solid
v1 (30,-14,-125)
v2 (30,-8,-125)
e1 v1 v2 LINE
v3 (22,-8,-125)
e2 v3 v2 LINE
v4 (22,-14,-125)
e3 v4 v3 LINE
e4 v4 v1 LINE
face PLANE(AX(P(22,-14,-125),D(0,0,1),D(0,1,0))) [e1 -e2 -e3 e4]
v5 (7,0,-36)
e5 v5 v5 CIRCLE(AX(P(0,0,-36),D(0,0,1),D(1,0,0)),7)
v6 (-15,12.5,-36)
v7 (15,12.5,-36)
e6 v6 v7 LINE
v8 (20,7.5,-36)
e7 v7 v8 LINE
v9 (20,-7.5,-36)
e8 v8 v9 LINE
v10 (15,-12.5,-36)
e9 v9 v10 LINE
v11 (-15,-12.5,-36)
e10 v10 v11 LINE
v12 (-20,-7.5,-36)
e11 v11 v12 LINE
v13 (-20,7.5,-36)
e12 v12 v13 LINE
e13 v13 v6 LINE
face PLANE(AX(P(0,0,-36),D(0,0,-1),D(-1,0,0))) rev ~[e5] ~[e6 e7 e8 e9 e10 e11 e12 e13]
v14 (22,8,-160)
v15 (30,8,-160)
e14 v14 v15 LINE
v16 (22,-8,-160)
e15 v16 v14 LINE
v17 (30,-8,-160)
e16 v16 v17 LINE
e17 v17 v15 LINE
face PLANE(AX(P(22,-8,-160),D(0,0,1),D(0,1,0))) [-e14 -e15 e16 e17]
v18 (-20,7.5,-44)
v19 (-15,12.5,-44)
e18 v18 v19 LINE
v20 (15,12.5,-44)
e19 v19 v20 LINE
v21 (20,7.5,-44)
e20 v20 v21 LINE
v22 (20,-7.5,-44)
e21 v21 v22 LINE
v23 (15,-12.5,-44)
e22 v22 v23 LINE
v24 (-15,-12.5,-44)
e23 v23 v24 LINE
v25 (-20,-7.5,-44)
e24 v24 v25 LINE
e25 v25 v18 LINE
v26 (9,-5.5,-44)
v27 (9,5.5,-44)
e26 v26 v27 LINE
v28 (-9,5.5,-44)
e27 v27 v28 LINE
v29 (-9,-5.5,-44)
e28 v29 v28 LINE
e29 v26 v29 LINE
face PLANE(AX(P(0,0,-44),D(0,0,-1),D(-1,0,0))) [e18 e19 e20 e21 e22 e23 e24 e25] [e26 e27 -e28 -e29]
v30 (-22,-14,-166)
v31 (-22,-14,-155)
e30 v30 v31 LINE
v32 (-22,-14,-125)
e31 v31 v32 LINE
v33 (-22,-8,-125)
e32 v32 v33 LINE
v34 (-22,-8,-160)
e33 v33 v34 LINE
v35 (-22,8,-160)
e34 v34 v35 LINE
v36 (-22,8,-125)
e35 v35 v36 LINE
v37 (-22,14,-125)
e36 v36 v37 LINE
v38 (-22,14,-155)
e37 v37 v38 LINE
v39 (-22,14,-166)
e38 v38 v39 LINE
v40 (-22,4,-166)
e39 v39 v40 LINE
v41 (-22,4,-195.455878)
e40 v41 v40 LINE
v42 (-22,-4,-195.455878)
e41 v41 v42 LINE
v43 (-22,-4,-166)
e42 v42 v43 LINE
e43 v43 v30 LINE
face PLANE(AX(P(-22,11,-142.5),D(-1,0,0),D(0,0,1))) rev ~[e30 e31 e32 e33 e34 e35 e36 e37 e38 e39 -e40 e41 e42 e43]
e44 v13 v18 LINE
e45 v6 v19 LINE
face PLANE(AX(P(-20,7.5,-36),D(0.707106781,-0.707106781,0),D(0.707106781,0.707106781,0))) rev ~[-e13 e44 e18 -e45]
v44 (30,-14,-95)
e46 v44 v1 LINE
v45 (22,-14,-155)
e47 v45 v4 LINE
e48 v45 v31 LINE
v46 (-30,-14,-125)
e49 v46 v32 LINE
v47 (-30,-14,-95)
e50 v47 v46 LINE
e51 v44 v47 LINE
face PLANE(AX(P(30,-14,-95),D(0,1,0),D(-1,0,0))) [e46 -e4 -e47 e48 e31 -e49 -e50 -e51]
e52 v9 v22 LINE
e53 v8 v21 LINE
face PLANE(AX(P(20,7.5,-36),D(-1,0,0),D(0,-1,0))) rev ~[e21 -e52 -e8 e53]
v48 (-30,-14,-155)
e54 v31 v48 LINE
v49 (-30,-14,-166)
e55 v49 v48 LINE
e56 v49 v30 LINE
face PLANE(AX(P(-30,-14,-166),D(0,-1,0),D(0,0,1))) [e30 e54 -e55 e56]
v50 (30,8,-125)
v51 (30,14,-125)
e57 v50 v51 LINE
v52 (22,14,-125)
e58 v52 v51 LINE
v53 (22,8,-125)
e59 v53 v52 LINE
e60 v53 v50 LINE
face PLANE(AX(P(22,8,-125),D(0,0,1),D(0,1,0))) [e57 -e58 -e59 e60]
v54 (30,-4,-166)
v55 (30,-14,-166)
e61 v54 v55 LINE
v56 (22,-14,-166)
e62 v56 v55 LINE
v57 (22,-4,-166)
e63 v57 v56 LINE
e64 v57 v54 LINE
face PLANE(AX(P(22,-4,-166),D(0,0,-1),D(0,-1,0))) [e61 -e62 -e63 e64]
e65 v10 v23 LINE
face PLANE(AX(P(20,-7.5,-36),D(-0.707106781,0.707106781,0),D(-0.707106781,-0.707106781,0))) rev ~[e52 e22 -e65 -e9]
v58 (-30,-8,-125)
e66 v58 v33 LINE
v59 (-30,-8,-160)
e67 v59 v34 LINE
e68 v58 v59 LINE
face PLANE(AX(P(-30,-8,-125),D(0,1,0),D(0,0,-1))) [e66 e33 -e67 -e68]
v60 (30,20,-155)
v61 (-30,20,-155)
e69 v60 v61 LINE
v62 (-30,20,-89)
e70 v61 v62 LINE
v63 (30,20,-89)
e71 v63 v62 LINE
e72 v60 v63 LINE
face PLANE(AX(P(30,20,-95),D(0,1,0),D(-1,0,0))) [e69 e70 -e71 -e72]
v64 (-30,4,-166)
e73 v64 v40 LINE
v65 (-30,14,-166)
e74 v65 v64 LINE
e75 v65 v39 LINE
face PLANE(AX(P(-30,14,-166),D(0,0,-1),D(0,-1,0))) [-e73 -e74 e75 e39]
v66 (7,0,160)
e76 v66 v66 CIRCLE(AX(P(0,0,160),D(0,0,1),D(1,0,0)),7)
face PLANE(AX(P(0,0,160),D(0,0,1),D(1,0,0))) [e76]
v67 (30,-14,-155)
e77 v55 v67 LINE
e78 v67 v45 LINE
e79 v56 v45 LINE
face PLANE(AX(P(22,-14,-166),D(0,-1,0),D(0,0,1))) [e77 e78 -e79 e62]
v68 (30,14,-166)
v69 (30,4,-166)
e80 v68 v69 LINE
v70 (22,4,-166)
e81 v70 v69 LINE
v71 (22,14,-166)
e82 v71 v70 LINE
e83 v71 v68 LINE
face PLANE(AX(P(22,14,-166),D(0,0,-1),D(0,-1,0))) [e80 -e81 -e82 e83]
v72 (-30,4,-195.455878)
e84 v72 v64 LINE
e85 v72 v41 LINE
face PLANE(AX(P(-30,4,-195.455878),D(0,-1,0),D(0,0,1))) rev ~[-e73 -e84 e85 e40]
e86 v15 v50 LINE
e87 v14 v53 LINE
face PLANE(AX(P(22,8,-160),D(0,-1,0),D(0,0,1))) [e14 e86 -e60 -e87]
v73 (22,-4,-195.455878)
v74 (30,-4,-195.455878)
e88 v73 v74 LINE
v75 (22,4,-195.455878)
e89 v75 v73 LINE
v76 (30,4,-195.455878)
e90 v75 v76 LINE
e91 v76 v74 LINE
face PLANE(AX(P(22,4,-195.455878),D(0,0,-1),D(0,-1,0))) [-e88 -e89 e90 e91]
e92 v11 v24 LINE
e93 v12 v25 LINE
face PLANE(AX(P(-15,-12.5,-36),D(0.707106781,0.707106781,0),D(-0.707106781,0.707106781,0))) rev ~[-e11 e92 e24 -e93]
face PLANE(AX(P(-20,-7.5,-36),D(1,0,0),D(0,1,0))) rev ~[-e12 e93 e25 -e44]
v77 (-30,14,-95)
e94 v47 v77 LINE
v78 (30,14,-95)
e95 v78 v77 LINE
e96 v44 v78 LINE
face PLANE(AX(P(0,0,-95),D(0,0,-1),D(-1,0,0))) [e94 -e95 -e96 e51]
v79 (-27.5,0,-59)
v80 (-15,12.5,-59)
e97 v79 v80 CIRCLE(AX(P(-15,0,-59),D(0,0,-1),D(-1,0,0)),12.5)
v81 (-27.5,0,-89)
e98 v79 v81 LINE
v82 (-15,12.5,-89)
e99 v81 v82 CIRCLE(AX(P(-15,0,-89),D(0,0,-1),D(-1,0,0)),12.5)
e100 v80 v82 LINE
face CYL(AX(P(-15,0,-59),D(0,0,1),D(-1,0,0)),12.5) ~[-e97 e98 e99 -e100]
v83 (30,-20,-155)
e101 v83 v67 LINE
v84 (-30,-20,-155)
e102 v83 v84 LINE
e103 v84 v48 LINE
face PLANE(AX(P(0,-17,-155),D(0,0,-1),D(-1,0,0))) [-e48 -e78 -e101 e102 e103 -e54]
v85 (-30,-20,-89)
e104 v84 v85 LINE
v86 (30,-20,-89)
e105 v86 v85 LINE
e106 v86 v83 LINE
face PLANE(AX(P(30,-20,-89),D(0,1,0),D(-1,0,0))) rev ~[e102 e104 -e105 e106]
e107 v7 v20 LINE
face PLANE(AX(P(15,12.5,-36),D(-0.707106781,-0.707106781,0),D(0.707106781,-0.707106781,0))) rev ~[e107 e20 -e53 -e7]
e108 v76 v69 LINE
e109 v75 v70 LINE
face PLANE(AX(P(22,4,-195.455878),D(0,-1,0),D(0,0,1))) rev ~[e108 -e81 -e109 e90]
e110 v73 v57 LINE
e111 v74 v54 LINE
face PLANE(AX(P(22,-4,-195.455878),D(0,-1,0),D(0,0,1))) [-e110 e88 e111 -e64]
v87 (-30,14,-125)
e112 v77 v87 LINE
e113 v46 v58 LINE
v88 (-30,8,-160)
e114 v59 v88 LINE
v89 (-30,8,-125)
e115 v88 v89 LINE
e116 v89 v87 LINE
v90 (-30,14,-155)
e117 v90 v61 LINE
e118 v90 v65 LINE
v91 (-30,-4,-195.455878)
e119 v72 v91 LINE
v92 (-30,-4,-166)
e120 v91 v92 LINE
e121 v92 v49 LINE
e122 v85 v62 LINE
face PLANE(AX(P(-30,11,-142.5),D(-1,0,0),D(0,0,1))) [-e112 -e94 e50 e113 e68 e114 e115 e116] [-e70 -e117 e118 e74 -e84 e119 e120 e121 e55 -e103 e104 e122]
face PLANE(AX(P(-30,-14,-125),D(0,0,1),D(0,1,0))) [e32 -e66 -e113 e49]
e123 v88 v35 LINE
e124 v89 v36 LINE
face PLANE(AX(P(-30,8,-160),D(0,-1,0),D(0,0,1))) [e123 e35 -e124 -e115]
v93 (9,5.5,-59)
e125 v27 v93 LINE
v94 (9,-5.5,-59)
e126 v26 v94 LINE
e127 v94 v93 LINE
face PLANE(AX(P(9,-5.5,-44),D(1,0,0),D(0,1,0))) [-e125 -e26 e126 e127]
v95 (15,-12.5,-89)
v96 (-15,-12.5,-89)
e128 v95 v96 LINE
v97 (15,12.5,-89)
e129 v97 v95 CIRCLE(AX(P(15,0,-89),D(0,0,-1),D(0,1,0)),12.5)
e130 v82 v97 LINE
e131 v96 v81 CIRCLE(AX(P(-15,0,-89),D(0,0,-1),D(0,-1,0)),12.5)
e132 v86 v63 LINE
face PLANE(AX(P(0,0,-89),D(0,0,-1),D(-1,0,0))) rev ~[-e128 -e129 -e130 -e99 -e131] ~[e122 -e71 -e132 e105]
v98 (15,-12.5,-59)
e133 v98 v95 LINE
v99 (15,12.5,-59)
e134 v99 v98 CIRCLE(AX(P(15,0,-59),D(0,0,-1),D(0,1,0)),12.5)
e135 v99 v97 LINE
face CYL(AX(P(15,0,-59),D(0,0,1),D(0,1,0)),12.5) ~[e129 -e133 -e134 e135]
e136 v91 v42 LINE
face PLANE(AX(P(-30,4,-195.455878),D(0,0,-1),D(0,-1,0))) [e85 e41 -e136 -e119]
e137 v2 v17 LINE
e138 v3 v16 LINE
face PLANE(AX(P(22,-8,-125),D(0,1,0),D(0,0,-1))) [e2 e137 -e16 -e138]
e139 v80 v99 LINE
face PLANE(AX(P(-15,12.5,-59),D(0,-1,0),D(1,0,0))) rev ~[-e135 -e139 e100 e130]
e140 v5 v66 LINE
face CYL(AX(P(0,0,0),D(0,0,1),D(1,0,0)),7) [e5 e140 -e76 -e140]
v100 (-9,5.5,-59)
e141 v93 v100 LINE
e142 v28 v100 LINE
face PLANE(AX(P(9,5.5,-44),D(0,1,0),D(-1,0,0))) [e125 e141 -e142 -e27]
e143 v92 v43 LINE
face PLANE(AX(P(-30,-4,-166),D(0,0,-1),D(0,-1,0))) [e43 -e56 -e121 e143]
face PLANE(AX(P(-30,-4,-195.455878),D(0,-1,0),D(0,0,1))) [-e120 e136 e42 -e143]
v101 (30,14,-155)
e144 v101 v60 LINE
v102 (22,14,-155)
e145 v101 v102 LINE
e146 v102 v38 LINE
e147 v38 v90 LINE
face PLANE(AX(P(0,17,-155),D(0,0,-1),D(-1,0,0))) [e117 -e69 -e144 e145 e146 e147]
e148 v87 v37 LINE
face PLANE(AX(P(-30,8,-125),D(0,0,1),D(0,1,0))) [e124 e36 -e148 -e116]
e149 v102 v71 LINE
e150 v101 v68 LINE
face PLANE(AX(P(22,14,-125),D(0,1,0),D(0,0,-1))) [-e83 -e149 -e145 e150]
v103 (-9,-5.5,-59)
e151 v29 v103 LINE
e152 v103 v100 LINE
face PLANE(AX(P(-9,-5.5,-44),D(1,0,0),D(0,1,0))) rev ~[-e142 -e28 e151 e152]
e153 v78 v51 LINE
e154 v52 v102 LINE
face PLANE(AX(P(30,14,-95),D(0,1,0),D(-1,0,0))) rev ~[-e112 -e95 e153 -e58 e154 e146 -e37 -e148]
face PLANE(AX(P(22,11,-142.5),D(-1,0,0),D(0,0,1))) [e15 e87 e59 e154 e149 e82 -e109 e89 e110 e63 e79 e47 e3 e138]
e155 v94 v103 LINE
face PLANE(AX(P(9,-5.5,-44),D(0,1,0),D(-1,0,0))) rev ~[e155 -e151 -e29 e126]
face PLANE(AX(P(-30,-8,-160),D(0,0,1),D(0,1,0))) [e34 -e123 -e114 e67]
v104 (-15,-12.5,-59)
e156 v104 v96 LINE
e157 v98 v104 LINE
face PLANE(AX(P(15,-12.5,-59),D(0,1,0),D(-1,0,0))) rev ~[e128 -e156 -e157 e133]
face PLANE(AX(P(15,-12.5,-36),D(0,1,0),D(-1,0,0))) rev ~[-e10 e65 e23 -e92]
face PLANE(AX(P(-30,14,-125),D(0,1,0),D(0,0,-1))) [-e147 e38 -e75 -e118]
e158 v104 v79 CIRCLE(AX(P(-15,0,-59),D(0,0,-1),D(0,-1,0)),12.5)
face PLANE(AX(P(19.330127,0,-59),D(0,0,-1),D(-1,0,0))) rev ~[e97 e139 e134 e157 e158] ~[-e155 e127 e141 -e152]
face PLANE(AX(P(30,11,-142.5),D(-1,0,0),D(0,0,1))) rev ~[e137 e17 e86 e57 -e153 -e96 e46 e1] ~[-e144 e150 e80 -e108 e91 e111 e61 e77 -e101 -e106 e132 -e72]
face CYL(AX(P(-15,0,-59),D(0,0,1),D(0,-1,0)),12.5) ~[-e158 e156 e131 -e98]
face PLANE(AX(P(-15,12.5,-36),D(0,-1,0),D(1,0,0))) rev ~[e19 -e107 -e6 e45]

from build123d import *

# Parameters (mm, degrees)
SKETCH_1_R             = 7
EXTRUDE_1_DEPTH        = 160
EXTRUDE_1_DEPTH_BACK   = 36
SKETCH_2_R             = 7
EXTRUDE_2_DEPTH        = 8
SKETCH_3_W             = 18
SKETCH_3_H             = 11
EXTRUDE_3_DEPTH        = 15
EXTRUDE_4_DEPTH        = 30
SKETCH_5_W             = 60
SKETCH_5_H             = 40
EXTRUDE_5_DEPTH        = 6
SKETCH_6_W             = 60
SKETCH_6_H             = 6
EXTRUDE_6_DEPTH        = 60
SKETCH_7_W             = 29.455878384
SKETCH_7_H             = 4
EXTRUDE_7_DEPTH        = 8
PATTERN_LINEAR_1_COUNT = 2
PATTERN_LINEAR_1_PITCH = 52


with BuildPart() as part:
    # 草图1 → 凸台-拉伸1 (new body, two sides)
    with BuildSketch(Plane.XY) as extrude_1_sk:
        Circle(SKETCH_1_R)
    extrude(amount=EXTRUDE_1_DEPTH)
    extrude(extrude_1_sk.sketch, amount=-EXTRUDE_1_DEPTH_BACK)

    # 草图2 → 凸台-拉伸2 (add)
    with BuildSketch(Plane(origin=(0, 0, -36), x_dir=(-1, 0, 0), z_dir=(0, 0, -1))):
        Polygon((20, 7.5), (15, 12.5), (-15, 12.5), (-20, 7.5), (-20, -7.5), (-15, -12.5), (15, -12.5), (20, -7.5), align=None)
        Circle(SKETCH_2_R, mode=Mode.SUBTRACT)
        Circle(SKETCH_2_R)
    extrude(amount=EXTRUDE_2_DEPTH)

    # 草图3 → 凸台-拉伸3 (add)
    with BuildSketch(Plane(origin=(0, 0, -44), x_dir=(-1, 0, 0), z_dir=(0, 0, -1))):
        Rectangle(SKETCH_3_W, SKETCH_3_H)
    extrude(amount=EXTRUDE_3_DEPTH)

    # 草图4 → 凸台-拉伸4 (add)
    with BuildSketch(Plane(origin=(0, 0, -59), x_dir=(-1, 0, 0), z_dir=(0, 0, -1))):
        with BuildLine():
            Line((-15, -12.5), (-15, 12.5))
            ThreePointArc((-15, 12.5), (-27.5, 0), (-15, -12.5))
        make_face()
        with BuildLine():
            ThreePointArc((-3.77502784, 5.5), (-8.385621722, 10.606601718), (-15, 12.5))
            Line((-15, 12.5), (-15, -12.5))
            ThreePointArc((-15, -12.5), (-8.385621722, -10.606601718), (-3.77502784, -5.5))
            Line((-3.77502784, -5.5), (-9, -5.5))
            Line((-9, -5.5), (-9, 5.5))
            Line((-9, 5.5), (-3.77502784, 5.5))
        make_face()
        with BuildLine():
            ThreePointArc((-2.5, 0), (-2.822928267, 2.822928267), (-3.77502784, 5.5))
            Line((-3.77502784, 5.5), (-9, 5.5))
            Line((-9, 5.5), (-9, -5.5))
            Line((-9, -5.5), (-3.77502784, -5.5))
            ThreePointArc((-3.77502784, -5.5), (-2.822928267, -2.822928267), (-2.5, 0))
        make_face()
        with BuildLine():
            ThreePointArc((3.77502784, -5.5), (2.5, 0), (3.77502784, 5.5))
            Line((3.77502784, 5.5), (-3.77502784, 5.5))
            ThreePointArc((-3.77502784, 5.5), (-2.822928267, 2.822928267), (-2.5, 0))
            ThreePointArc((-2.5, 0), (-2.822928267, -2.822928267), (-3.77502784, -5.5))
            Line((-3.77502784, -5.5), (3.77502784, -5.5))
        make_face()
        with BuildLine():
            Line((9, 5.5), (3.77502784, 5.5))
            ThreePointArc((3.77502784, 5.5), (2.5, 0), (3.77502784, -5.5))
            Line((3.77502784, -5.5), (9, -5.5))
            Line((9, -5.5), (9, 5.5))
        make_face()
        with BuildLine():
            Line((15, -12.5), (15, 12.5))
            ThreePointArc((15, 12.5), (8.385621722, 10.606601718), (3.77502784, 5.5))
            Line((3.77502784, 5.5), (9, 5.5))
            Line((9, 5.5), (9, -5.5))
            Line((9, -5.5), (3.77502784, -5.5))
            ThreePointArc((3.77502784, -5.5), (8.385621722, -10.606601718), (15, -12.5))
        make_face()
        with BuildLine():
            ThreePointArc((27.5, 0), (23.838834765, 8.838834765), (15, 12.5))
            Line((15, 12.5), (15, -12.5))
            ThreePointArc((15, -12.5), (23.838834765, -8.838834765), (27.5, 0))
        make_face()
        with BuildLine():
            Line((-15, -12.5), (15, -12.5))
            ThreePointArc((15, -12.5), (8.385621722, -10.606601718), (3.77502784, -5.5))
            Line((3.77502784, -5.5), (-3.77502784, -5.5))
            ThreePointArc((-3.77502784, -5.5), (-8.385621722, -10.606601718), (-15, -12.5))
        make_face()
        with BuildLine():
            ThreePointArc((3.77502784, 5.5), (8.385621722, 10.606601718), (15, 12.5))
            Line((15, 12.5), (-15, 12.5))
            ThreePointArc((-15, 12.5), (-8.385621722, 10.606601718), (-3.77502784, 5.5))
            Line((-3.77502784, 5.5), (3.77502784, 5.5))
        make_face()
    extrude(amount=EXTRUDE_4_DEPTH)

    # 草图5 → 凸台-拉伸5 (add)
    with BuildSketch(Plane(origin=(0, 0, -89), x_dir=(-1, 0, 0), z_dir=(0, 0, -1))):
        Rectangle(SKETCH_5_W, SKETCH_5_H)
    extrude(amount=EXTRUDE_5_DEPTH)

    # 草图6 → 凸台-拉伸6 (add)
    with BuildSketch(Plane(origin=(0, 0, -95), x_dir=(-1, 0, 0), z_dir=(0, 0, -1))):
        with Locations((0, 17)):
            Rectangle(SKETCH_6_W, SKETCH_6_H)
        with Locations((0, -17)):
            Rectangle(SKETCH_6_W, SKETCH_6_H)
    extrude(amount=EXTRUDE_6_DEPTH)

    # 草图7 → 凸台-拉伸7 (add)
    with BuildSketch(Plane.ZY.offset(30)):
        Polygon((-125, 8), (-125, 14), (-155, 14), (-160, 14), (-160, 8), align=None)
        Polygon((-125, -8), (-160, -8), (-160, -14), (-155, -14), (-125, -14), align=None)
        Polygon((-160, 8), (-160, 14), (-166, 14), (-166, 4), (-166, 0), (-166, -4), (-166, -14), (-160, -14), (-160, -8), align=None)
        with Locations((-180.727939192, -2)):
            Rectangle(SKETCH_7_W, SKETCH_7_H)
        with Locations((-180.727939192, 2)):
            Rectangle(SKETCH_7_W, SKETCH_7_H)
    extrude_7 = extrude(amount=-EXTRUDE_7_DEPTH)

    # 阵列(线性)1: 凸台-拉伸7 ×2
    with Locations(*[(i * PATTERN_LINEAR_1_PITCH, 0, 0) for i in range(1, PATTERN_LINEAR_1_COUNT)]):
        add(extrude_7)


solid = part.part
